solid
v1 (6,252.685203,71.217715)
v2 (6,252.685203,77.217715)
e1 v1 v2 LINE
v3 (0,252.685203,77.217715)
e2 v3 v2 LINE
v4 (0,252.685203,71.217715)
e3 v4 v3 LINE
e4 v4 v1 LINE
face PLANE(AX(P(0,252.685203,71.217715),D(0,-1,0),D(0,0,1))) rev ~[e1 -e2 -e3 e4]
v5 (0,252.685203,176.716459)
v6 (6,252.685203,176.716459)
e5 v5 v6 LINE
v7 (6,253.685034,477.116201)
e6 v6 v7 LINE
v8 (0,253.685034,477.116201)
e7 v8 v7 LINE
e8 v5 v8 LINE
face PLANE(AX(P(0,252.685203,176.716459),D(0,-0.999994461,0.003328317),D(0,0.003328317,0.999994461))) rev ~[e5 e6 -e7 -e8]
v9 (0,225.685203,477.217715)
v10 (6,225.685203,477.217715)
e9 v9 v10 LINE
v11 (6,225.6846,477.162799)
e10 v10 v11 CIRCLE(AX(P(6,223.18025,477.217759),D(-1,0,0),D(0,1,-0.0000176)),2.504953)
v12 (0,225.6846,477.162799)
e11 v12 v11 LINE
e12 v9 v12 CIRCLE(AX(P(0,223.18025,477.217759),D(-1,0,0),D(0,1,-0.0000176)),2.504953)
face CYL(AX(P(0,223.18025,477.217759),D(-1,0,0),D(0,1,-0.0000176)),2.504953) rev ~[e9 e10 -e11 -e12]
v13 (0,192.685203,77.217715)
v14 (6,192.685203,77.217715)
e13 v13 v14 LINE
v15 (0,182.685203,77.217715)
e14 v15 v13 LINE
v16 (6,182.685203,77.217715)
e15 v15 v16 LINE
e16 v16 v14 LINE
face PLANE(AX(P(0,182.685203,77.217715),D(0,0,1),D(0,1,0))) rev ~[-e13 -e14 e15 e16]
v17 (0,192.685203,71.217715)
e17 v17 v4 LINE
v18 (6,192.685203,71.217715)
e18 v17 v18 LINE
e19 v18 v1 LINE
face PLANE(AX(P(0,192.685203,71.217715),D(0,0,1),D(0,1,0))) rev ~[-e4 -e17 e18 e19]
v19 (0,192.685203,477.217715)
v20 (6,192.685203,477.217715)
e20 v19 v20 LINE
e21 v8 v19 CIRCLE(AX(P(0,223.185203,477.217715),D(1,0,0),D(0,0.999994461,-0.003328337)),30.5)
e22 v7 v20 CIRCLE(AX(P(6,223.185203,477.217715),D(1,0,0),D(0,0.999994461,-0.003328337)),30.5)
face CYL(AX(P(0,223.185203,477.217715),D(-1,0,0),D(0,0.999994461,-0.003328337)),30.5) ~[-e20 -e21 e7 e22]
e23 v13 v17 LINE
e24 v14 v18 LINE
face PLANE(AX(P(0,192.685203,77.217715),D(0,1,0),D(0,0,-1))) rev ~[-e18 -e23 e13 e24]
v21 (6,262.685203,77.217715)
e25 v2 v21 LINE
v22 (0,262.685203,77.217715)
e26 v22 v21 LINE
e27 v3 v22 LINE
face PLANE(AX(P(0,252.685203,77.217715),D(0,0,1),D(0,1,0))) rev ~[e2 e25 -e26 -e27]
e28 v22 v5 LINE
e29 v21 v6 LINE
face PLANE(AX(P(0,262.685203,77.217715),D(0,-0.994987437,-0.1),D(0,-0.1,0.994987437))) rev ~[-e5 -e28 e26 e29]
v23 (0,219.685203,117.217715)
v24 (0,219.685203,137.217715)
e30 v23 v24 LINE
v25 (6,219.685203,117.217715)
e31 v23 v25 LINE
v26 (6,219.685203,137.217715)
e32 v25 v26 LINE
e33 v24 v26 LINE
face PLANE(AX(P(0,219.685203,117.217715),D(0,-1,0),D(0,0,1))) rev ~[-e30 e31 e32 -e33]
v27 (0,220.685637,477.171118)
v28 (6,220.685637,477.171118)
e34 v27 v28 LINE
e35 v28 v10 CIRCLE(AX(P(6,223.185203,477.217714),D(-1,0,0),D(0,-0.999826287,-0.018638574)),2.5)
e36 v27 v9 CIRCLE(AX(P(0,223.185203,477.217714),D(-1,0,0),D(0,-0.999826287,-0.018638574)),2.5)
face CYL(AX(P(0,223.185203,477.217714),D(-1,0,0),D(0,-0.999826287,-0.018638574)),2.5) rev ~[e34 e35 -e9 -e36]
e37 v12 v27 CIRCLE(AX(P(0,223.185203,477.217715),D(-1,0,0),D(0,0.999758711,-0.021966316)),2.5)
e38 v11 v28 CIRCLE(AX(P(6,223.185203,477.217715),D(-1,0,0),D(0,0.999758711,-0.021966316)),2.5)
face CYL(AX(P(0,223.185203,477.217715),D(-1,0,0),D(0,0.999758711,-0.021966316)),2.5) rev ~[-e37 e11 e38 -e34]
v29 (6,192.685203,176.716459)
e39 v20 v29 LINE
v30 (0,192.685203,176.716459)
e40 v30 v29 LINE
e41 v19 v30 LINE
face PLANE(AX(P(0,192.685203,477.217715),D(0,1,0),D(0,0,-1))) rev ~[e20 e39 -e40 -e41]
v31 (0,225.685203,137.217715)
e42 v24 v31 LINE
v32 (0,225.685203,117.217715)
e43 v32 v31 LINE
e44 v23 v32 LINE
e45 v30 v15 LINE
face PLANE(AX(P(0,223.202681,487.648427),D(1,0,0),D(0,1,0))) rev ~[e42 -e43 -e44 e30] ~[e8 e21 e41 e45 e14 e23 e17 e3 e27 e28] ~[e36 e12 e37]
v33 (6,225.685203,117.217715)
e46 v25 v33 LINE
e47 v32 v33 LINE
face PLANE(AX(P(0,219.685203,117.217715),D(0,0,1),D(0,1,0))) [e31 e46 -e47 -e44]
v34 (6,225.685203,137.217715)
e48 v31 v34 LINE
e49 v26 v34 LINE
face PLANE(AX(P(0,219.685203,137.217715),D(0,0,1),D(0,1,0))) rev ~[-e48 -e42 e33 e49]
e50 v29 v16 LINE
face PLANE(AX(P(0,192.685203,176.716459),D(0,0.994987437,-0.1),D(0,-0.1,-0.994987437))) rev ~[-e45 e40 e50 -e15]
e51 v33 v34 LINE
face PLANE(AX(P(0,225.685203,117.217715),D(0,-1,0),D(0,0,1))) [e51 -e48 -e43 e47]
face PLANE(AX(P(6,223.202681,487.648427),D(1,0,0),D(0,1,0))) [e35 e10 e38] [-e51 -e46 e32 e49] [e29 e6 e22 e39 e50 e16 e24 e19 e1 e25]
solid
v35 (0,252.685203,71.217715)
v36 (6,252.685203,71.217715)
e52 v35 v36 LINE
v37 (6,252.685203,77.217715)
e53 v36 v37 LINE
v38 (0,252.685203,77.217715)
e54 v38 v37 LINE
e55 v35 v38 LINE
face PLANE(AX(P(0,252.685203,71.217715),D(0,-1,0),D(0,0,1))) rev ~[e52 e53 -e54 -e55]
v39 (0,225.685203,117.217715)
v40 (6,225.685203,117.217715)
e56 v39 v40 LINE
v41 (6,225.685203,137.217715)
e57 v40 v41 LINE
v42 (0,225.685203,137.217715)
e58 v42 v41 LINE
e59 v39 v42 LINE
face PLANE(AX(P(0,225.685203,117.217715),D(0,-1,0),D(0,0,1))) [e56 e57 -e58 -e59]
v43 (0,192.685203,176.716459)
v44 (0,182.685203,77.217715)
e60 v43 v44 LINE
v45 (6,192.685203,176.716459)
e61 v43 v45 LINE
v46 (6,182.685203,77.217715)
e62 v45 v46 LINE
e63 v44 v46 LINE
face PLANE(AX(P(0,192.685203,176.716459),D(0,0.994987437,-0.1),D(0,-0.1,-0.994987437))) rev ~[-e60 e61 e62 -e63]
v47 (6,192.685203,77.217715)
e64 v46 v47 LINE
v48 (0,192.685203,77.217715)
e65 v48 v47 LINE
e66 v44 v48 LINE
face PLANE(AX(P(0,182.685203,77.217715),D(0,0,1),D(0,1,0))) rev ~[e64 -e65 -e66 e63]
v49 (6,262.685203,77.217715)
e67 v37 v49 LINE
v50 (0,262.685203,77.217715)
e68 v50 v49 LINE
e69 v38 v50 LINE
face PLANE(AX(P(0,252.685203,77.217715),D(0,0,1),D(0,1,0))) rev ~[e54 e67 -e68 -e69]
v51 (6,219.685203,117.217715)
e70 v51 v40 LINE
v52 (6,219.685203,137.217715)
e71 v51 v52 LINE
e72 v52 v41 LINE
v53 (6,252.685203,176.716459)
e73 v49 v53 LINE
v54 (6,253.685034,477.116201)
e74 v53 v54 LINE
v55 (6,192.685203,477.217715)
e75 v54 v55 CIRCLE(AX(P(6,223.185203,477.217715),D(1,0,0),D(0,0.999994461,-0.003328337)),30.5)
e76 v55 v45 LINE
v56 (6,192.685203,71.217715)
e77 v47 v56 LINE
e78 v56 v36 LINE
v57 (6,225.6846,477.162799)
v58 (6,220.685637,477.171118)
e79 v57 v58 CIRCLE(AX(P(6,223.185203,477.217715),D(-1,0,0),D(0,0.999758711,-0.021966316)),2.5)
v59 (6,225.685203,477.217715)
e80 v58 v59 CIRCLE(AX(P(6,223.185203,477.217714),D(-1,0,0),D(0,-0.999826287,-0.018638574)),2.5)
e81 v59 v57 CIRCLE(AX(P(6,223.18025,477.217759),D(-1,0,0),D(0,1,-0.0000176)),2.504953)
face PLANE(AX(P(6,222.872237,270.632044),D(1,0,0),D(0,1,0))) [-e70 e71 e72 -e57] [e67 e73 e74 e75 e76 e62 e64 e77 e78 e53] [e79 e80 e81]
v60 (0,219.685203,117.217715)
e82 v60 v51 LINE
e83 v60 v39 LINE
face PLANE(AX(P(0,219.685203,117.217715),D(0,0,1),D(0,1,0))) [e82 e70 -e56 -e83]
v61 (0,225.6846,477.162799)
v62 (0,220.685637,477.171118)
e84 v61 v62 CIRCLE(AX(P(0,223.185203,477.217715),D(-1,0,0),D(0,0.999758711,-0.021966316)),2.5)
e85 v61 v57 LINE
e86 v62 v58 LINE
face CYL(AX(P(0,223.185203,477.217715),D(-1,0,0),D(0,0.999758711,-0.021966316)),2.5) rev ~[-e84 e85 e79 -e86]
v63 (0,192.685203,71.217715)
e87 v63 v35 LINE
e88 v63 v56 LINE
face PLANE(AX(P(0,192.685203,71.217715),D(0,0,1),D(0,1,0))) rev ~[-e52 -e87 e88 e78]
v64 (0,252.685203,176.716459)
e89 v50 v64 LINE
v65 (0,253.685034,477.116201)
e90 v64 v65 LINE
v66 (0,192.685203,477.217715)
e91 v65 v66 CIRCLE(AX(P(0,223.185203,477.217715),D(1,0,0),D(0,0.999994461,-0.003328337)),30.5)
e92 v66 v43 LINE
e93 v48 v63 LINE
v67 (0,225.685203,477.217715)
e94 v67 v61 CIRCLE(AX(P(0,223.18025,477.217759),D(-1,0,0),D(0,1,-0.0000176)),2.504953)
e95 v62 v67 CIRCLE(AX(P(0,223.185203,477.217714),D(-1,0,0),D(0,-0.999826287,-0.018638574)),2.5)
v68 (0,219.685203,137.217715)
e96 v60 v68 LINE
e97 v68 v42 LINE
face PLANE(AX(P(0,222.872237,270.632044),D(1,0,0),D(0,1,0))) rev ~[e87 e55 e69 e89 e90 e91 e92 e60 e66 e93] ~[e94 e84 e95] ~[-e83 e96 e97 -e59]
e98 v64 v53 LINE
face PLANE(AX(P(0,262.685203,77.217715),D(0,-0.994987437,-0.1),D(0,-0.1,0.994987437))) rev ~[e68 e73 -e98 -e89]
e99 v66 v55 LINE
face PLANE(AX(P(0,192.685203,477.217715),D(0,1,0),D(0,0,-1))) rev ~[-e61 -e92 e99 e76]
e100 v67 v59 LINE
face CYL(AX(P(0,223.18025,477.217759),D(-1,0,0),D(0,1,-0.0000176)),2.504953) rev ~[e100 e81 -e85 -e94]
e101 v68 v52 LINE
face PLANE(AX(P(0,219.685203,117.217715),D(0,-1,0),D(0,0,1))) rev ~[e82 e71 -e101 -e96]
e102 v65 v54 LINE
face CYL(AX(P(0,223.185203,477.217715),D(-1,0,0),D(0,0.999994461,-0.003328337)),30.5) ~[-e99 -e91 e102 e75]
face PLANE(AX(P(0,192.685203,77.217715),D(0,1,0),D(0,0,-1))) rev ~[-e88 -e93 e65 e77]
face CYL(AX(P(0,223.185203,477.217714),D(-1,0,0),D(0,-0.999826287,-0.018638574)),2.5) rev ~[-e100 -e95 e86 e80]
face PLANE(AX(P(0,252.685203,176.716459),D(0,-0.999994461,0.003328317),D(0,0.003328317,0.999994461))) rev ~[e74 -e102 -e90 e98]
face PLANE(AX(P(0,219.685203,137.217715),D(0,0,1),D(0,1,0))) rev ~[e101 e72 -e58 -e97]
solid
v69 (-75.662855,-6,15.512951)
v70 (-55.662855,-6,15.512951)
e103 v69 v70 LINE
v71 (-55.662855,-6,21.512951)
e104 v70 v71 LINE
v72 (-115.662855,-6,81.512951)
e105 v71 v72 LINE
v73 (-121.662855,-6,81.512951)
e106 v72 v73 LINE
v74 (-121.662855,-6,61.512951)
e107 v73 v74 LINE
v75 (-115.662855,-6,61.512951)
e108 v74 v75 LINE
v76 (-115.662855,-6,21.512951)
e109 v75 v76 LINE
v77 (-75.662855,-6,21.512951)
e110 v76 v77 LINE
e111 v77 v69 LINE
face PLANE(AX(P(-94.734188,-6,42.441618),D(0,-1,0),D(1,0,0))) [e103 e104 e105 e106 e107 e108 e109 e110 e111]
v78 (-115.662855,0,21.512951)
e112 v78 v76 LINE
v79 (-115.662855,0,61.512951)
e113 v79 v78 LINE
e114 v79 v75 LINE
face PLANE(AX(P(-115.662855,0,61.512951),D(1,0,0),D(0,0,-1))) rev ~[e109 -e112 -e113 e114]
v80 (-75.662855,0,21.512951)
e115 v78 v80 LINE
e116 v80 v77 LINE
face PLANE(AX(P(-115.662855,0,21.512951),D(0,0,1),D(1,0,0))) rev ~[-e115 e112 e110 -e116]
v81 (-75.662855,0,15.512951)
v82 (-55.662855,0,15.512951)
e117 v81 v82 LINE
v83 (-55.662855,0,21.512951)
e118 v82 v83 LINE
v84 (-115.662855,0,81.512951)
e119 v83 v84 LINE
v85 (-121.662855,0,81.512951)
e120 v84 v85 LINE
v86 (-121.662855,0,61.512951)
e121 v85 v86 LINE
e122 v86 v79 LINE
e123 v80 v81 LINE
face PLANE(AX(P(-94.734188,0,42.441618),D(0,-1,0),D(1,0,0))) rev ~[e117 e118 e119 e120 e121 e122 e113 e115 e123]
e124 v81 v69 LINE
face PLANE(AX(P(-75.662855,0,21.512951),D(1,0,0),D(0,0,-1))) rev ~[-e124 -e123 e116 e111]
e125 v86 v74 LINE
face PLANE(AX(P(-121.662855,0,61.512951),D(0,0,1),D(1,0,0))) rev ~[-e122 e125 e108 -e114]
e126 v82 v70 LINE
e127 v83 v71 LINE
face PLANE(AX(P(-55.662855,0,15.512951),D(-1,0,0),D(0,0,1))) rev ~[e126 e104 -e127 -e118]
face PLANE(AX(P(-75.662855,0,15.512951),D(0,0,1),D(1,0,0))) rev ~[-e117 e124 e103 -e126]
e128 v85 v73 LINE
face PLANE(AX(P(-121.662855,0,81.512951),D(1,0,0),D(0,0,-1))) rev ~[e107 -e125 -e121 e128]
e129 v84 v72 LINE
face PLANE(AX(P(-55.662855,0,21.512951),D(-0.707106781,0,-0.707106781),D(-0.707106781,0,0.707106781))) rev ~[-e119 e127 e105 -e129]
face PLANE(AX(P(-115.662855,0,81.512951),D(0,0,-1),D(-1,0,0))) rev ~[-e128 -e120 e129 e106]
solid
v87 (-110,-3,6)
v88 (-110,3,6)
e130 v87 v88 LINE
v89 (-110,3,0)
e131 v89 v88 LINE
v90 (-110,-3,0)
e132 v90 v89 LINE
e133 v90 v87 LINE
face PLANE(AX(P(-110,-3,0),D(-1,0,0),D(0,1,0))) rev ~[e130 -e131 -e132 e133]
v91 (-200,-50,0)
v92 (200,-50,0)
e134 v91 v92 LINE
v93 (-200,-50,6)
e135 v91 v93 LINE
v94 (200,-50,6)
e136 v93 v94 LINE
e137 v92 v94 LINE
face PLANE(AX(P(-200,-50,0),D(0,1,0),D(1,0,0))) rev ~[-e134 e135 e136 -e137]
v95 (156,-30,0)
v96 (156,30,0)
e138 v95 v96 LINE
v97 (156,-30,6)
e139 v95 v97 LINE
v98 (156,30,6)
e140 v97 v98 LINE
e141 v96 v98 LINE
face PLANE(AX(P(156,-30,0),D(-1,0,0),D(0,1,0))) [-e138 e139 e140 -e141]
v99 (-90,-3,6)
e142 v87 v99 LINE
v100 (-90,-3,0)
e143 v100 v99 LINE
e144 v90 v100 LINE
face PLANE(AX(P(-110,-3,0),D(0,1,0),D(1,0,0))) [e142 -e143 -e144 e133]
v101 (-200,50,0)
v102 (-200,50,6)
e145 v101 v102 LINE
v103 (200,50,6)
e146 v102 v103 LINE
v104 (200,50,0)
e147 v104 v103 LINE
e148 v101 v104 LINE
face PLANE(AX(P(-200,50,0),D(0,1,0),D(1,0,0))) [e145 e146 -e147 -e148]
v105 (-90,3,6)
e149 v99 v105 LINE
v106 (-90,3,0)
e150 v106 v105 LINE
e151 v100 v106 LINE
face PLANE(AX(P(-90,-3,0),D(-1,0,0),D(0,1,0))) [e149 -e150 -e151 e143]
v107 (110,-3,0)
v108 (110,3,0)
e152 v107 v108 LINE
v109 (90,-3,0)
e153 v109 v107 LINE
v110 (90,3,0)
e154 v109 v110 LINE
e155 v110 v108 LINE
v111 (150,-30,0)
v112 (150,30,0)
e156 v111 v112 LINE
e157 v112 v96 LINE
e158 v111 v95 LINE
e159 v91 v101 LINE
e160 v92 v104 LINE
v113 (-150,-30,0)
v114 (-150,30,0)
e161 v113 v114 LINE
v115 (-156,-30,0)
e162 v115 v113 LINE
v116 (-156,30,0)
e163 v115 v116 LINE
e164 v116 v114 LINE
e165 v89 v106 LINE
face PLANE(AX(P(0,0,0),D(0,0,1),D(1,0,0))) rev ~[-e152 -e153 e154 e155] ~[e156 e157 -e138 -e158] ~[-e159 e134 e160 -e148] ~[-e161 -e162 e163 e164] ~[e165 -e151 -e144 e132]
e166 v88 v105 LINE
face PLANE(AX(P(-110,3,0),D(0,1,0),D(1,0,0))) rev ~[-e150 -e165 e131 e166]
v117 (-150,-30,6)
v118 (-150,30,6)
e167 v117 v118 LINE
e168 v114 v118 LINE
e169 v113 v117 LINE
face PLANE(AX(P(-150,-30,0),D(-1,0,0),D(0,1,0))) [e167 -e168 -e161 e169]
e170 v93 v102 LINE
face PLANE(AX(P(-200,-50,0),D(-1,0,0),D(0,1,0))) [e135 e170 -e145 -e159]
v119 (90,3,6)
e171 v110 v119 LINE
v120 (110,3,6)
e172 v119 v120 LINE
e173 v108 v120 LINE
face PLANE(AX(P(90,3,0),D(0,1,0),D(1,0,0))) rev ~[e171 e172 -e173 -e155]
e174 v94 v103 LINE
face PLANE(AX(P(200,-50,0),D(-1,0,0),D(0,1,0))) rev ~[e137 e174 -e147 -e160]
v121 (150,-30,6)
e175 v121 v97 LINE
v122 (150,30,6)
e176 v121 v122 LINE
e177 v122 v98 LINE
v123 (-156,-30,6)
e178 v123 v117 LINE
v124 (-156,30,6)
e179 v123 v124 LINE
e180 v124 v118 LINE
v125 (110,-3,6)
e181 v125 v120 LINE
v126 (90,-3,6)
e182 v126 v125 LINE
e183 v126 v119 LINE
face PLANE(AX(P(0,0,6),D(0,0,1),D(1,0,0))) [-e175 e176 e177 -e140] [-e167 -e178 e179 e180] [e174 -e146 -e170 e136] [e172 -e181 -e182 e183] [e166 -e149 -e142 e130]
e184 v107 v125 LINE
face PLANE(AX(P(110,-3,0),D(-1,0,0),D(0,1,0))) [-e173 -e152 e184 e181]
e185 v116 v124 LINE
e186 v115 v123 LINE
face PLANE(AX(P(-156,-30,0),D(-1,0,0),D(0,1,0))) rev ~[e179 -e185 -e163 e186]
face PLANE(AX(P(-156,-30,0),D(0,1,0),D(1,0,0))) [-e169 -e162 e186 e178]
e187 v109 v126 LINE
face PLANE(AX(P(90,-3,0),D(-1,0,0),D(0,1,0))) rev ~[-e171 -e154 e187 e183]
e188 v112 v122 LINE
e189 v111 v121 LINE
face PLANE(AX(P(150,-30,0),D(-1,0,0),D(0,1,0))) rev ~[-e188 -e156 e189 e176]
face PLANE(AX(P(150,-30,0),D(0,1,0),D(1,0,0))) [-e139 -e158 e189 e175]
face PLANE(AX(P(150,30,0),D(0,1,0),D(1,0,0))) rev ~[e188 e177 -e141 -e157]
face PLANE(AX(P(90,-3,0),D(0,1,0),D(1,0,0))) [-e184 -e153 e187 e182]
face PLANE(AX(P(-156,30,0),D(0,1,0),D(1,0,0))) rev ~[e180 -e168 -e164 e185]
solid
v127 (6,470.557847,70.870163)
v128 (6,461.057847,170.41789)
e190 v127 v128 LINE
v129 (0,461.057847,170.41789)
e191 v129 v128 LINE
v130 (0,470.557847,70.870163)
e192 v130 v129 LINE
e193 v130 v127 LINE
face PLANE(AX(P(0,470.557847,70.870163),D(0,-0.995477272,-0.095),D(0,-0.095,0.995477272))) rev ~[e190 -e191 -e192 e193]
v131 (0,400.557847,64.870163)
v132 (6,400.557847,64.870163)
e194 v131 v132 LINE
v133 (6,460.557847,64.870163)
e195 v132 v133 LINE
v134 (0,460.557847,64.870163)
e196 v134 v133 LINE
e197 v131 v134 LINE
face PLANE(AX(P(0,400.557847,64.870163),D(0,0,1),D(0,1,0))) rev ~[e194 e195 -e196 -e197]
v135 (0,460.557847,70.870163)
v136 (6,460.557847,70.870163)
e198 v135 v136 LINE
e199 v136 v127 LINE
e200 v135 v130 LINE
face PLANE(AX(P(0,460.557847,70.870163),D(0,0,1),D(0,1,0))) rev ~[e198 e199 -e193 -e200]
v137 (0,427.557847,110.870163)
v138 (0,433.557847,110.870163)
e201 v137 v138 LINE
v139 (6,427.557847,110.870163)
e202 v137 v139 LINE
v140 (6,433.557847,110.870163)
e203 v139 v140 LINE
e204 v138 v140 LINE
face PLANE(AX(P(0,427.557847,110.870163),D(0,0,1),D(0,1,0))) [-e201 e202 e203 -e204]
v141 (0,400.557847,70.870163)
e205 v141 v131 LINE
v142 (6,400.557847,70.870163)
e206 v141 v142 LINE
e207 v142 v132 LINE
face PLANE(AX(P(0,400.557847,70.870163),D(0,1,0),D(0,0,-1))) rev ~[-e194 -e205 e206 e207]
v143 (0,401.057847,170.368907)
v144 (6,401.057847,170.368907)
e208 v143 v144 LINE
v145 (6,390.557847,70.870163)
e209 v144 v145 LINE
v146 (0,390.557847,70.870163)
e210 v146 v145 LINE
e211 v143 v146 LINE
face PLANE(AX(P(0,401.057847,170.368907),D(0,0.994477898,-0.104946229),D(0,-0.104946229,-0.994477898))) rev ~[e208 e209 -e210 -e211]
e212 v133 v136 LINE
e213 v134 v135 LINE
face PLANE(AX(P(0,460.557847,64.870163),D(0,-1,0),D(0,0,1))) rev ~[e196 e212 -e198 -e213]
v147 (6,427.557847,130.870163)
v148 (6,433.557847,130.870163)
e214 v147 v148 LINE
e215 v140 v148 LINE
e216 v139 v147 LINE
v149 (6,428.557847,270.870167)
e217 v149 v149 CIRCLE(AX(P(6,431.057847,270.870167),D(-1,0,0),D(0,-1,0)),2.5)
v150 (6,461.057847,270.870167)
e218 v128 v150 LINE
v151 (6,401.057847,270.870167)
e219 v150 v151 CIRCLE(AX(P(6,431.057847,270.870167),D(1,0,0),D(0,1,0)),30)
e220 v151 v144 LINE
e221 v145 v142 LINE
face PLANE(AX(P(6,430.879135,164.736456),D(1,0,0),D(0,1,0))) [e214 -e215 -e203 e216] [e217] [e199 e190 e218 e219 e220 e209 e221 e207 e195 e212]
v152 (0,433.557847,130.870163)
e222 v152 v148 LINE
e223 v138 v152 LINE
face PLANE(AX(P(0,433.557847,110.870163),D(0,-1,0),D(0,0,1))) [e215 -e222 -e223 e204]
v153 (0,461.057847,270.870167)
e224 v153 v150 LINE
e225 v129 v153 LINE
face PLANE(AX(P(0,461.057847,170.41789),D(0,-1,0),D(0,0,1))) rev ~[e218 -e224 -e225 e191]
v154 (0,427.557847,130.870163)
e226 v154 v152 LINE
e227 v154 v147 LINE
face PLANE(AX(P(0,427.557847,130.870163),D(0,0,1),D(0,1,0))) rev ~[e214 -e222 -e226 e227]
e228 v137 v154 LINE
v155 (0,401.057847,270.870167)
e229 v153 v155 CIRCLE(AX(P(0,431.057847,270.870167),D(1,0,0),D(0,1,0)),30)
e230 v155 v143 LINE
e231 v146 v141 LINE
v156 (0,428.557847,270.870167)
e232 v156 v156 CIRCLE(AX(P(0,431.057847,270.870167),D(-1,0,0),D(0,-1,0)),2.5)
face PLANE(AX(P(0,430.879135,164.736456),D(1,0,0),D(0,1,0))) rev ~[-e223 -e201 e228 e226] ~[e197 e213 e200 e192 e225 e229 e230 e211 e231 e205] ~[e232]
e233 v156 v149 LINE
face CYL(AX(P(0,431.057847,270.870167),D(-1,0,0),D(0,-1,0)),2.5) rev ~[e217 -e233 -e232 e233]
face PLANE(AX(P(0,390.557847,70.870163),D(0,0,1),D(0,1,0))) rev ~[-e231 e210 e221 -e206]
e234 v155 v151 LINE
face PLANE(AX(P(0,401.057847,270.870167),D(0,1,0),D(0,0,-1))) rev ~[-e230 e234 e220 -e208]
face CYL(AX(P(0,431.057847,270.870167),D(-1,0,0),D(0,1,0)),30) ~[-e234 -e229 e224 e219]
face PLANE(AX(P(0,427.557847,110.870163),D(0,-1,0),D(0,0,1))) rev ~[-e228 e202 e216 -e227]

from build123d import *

# Parameters (mm, degrees)
F0_W     = 400
F0_H     = 100
F0_W_2   = 6
F0_H_2   = 60
F0_W_3   = 20
F0_H_3   = 6
F1_DEPTH = 6
F3_DEPTH = 6
F4_W     = 6
F4_H     = 20
F5_DEPTH = 6
F6_DEPTH = 6


with BuildPart() as f1:
    # F0 (on Top) → F1 (new body)
    with BuildSketch(Plane.XY):
        Rectangle(F0_W, F0_H)
        with Locations((-153, 0)):
            Rectangle(F0_W_2, F0_H_2, mode=Mode.SUBTRACT)
        with Locations((-100, 0)):
            Rectangle(F0_W_3, F0_H_3, mode=Mode.SUBTRACT)
        with Locations((100, 0)):
            Rectangle(F0_W_3, F0_H_3, mode=Mode.SUBTRACT)
        with Locations((153, 0)):
            Rectangle(F0_W_2, F0_H_2, mode=Mode.SUBTRACT)
    extrude(amount=F1_DEPTH)


with BuildPart() as f3:
    # F2 (on Front) → F3 (new body)
    with BuildSketch(Plane.XZ):
        Polygon((-55.662855, 21.512951), (-115.662855, 81.512951), (-121.662855, 81.512951), (-121.662855, 61.512951), (-115.662855, 61.512951), (-115.662855, 21.512951), (-75.662855, 21.512951), (-75.662855, 15.512951), (-55.662855, 15.512951), align=None)
    extrude(amount=F3_DEPTH)


with BuildPart() as f5:
    # F4 (on Right) → F5 (new body)
    with BuildSketch(Plane.YZ):
        with BuildLine():
            Line((225.6846, 477.162799), (253.685034, 477.116201))
            ThreePointArc((253.685034, 477.116201), (223.23596, 507.717673), (192.685203, 477.217715))
            Line((192.685203, 477.217715), (220.685637, 477.171118))
            ThreePointArc((220.685637, 477.171118), (223.161903, 479.717606), (225.685203, 477.217715))
            ThreePointArc((225.685203, 477.217715), (225.685052, 477.190255), (225.6846, 477.162799))
        make_face()
        with BuildLine():
            Line((252.685203, 176.716459), (253.685034, 477.116201))
            Line((253.685034, 477.116201), (225.6846, 477.162799))
            ThreePointArc((225.6846, 477.162799), (223.181043, 474.717718), (220.685637, 477.171118))
            Line((220.685637, 477.171118), (192.685203, 477.217715))
            Line((192.685203, 477.217715), (192.685203, 176.716459))
            Line((192.685203, 176.716459), (182.685203, 77.217715))
            Line((182.685203, 77.217715), (192.685203, 77.217715))
            Line((192.685203, 77.217715), (192.685203, 71.217715))
            Line((192.685203, 71.217715), (252.685203, 71.217715))
            Line((252.685203, 71.217715), (252.685203, 77.217715))
            Line((252.685203, 77.217715), (262.685203, 77.217715))
            Line((262.685203, 77.217715), (252.685203, 176.716459))
        make_face()
        with Locations((222.685203, 127.217715)):
            Rectangle(F4_W, F4_H, mode=Mode.SUBTRACT)
    extrude(amount=F5_DEPTH)


with BuildPart() as f6:
    # F4 (on Right) → F6 (new body)
    with BuildSketch(Plane.YZ):
        with BuildLine():
            Line((252.685203, 176.716459), (253.685034, 477.116201))
            Line((253.685034, 477.116201), (225.6846, 477.162799))
            ThreePointArc((225.6846, 477.162799), (223.181043, 474.717718), (220.685637, 477.171118))
            Line((220.685637, 477.171118), (192.685203, 477.217715))
            Line((192.685203, 477.217715), (192.685203, 176.716459))
            Line((192.685203, 176.716459), (182.685203, 77.217715))
            Line((182.685203, 77.217715), (192.685203, 77.217715))
            Line((192.685203, 77.217715), (192.685203, 71.217715))
            Line((192.685203, 71.217715), (252.685203, 71.217715))
            Line((252.685203, 71.217715), (252.685203, 77.217715))
            Line((252.685203, 77.217715), (262.685203, 77.217715))
            Line((262.685203, 77.217715), (252.685203, 176.716459))
        make_face()
        with Locations((222.685203, 127.217715)):
            Rectangle(F4_W, F4_H, mode=Mode.SUBTRACT)
        with BuildLine():
            Line((225.6846, 477.162799), (253.685034, 477.116201))
            ThreePointArc((253.685034, 477.116201), (223.23596, 507.717673), (192.685203, 477.217715))
            Line((192.685203, 477.217715), (220.685637, 477.171118))
            ThreePointArc((220.685637, 477.171118), (223.161903, 479.717606), (225.685203, 477.217715))
            ThreePointArc((225.685203, 477.217715), (225.685052, 477.190255), (225.6846, 477.162799))
        make_face()
        with BuildLine():
            Line((460.557847, 64.870163), (460.557847, 70.870163))
            Line((460.557847, 70.870163), (470.557847, 70.870163))
            Line((470.557847, 70.870163), (461.057847, 170.41789))
            Line((461.057847, 170.41789), (461.057847, 270.870167))
            Line((461.057847, 270.870167), (433.557847, 270.870167))
            ThreePointArc((433.557847, 270.870167), (431.057847, 268.370167), (428.557847, 270.870167))
            Line((428.557847, 270.870167), (401.057847, 270.870167))
            Line((401.057847, 270.870167), (401.057847, 170.368907))
            Line((401.057847, 170.368907), (390.557847, 70.870163))
            Line((390.557847, 70.870163), (400.557847, 70.870163))
            Line((400.557847, 70.870163), (400.557847, 64.870163))
            Line((400.557847, 64.870163), (460.557847, 64.870163))
        make_face()
        with Locations((430.557847, 120.870163)):
            Rectangle(F4_W, F4_H, mode=Mode.SUBTRACT)
        with BuildLine():
            Line((433.557847, 270.870167), (461.057847, 270.870167))
            ThreePointArc((461.057847, 270.870167), (431.057847, 300.870167), (401.057847, 270.870167))
            Line((401.057847, 270.870167), (428.557847, 270.870167))
            ThreePointArc((428.557847, 270.870167), (431.057847, 273.370167), (433.557847, 270.870167))
        make_face()
    extrude(amount=F6_DEPTH)


solid = Compound([f1.part, f3.part, f5.part, f6.part])
